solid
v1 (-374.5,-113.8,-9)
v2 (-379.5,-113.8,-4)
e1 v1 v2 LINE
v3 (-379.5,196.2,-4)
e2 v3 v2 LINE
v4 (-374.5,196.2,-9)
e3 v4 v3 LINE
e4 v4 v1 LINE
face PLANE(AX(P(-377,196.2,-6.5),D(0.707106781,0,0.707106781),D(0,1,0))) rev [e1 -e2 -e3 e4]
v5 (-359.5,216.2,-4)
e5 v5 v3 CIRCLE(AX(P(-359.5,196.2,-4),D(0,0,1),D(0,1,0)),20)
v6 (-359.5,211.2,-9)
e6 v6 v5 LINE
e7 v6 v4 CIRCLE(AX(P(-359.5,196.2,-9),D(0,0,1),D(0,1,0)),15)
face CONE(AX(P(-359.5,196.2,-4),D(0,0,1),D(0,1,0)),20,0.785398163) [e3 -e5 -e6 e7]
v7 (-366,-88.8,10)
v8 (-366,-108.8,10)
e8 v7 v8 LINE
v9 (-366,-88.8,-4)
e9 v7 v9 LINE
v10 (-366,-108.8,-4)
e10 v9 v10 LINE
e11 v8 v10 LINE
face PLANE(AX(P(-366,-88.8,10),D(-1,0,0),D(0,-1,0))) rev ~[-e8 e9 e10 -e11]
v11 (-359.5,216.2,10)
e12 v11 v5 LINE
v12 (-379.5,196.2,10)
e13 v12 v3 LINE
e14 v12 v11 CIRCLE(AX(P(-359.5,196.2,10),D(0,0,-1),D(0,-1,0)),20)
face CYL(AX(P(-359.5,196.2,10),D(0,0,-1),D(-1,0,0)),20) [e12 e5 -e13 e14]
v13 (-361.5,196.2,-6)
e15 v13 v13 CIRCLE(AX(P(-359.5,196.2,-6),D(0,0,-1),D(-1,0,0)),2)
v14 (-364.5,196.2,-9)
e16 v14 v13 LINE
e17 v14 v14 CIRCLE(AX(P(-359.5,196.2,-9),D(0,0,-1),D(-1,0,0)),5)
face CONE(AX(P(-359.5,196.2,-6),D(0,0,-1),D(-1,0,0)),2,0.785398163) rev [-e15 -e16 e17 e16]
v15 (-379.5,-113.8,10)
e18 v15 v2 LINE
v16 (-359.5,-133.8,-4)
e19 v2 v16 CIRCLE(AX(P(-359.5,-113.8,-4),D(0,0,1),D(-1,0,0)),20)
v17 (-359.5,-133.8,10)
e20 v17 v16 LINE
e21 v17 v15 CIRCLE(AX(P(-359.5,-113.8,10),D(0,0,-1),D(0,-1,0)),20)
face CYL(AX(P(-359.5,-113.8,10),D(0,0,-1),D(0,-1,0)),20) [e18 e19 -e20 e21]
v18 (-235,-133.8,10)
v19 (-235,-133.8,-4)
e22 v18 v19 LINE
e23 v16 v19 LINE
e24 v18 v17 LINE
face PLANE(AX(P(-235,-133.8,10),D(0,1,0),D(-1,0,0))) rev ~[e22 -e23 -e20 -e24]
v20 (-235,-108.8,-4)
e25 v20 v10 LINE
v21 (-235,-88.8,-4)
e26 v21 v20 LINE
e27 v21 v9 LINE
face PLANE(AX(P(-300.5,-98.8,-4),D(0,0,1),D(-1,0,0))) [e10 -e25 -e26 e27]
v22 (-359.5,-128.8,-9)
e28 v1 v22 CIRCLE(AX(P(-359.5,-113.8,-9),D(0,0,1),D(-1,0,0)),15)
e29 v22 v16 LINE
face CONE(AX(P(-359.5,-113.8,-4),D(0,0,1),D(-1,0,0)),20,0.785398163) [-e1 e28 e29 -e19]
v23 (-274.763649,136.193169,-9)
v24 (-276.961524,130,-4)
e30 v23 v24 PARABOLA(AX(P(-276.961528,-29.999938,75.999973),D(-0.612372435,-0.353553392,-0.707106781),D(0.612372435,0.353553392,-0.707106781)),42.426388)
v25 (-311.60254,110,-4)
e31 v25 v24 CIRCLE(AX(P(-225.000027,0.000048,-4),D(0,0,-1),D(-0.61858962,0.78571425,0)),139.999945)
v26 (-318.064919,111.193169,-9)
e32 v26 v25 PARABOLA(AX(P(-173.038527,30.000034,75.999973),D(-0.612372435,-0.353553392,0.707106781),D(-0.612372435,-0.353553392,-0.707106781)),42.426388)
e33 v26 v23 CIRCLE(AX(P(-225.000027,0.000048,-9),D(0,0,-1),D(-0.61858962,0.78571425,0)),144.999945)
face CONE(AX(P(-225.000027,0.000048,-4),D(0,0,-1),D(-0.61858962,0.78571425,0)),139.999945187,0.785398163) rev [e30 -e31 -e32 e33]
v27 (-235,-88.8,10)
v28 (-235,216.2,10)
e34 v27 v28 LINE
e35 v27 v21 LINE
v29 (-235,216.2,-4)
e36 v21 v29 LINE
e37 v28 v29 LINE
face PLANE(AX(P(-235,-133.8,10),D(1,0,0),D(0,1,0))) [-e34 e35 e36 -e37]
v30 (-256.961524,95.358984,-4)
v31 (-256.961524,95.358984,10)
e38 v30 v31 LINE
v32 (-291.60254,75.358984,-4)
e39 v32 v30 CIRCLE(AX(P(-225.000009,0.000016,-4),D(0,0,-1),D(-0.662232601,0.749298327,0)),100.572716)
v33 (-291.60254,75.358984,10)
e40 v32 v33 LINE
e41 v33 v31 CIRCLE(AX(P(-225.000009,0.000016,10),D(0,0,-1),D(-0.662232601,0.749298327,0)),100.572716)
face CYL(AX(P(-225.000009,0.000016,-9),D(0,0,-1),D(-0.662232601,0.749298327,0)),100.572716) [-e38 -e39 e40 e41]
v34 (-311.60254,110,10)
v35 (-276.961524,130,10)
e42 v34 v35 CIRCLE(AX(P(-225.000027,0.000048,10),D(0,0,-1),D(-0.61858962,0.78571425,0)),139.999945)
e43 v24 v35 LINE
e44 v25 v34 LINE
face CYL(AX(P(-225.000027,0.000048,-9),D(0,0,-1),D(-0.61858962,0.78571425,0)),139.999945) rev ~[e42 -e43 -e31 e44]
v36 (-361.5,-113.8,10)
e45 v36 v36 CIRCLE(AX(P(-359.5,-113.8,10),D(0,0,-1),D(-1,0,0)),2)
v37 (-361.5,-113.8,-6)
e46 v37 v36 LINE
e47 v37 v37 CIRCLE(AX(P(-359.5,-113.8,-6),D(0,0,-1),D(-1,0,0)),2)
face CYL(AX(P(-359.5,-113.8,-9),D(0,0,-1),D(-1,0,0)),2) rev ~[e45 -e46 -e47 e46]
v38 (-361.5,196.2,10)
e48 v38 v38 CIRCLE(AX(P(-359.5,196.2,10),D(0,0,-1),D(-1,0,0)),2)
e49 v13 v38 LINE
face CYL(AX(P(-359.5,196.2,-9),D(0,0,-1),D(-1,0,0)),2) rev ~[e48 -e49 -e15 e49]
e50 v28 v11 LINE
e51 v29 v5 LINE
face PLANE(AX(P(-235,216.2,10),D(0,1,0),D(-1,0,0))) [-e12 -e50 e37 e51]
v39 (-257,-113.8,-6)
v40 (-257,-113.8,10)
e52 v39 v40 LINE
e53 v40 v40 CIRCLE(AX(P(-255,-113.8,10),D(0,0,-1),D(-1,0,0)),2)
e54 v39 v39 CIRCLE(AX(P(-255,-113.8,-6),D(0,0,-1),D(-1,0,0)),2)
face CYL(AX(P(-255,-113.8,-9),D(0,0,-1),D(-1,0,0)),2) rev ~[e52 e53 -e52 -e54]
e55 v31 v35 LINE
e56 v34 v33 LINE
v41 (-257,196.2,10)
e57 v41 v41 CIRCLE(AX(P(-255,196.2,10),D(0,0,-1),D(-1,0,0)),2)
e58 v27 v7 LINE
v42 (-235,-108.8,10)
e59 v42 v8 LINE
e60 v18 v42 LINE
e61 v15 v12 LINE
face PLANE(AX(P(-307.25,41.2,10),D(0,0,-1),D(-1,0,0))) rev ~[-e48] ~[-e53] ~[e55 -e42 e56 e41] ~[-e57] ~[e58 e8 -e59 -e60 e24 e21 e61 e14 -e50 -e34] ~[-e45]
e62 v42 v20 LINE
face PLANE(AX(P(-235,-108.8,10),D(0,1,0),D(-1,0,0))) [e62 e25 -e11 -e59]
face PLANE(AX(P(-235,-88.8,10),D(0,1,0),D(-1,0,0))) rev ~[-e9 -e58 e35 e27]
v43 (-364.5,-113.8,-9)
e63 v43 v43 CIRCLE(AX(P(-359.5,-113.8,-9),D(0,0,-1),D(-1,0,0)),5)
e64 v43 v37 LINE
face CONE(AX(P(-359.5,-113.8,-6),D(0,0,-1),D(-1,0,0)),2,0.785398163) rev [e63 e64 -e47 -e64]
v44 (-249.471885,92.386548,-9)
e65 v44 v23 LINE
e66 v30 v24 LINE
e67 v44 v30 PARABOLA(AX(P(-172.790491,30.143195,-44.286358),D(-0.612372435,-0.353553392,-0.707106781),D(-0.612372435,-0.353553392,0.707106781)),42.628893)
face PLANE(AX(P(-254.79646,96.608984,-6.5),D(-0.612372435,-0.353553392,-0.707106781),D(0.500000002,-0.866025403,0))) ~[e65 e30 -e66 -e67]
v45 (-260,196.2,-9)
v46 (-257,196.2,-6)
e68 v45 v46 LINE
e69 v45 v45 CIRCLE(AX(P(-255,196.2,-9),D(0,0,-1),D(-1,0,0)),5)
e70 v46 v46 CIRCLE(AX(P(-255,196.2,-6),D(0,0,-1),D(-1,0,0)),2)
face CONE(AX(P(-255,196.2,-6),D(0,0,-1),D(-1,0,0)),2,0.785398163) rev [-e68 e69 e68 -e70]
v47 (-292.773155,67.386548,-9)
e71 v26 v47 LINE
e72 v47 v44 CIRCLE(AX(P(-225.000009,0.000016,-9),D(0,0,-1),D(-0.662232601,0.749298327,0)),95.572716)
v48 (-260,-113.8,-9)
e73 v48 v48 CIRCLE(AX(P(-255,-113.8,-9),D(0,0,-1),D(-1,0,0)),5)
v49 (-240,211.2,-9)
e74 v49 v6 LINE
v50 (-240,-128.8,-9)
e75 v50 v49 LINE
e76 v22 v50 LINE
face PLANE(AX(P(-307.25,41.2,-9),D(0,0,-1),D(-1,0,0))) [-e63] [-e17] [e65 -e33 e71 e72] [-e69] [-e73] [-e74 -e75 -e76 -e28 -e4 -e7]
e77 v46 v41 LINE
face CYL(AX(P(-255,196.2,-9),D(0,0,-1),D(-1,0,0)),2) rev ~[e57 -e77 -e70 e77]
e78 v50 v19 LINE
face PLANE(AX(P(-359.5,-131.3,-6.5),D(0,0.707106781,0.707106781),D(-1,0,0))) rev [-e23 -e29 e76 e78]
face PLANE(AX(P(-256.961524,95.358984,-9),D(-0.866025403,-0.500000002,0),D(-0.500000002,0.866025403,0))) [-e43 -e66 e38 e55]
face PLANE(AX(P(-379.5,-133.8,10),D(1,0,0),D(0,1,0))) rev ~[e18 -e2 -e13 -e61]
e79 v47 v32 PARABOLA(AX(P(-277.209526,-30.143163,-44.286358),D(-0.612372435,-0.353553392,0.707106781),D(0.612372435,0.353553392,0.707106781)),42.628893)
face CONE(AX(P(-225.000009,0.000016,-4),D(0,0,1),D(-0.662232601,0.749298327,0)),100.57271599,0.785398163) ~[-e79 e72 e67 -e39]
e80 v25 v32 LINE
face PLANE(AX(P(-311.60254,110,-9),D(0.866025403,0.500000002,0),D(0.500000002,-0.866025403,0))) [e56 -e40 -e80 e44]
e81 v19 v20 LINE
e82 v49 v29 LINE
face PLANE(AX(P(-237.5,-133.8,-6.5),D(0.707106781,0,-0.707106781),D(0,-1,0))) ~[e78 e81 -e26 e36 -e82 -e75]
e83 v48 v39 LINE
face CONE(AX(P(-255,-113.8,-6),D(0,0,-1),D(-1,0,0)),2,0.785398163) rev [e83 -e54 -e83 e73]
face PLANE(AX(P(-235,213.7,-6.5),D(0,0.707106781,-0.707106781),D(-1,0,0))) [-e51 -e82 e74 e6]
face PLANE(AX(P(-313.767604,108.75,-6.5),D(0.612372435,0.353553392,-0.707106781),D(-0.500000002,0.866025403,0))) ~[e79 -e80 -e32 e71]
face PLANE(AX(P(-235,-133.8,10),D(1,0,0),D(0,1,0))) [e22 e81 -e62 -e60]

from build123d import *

# Parameters (mm, degrees)
SKETCH024_W             = 144.5
SKETCH024_H             = 350
PAD017_DEPTH            = 19
FILLET007_R             = 20
SKETCH025_R             = 2
POCKET015_DEPTH         = 19.001
CHAMFER005_SIZE         = 5
POCKET020_DEPTH         = 19.001
CHAMFER006_SIZE         = 5
CHAMFER007_SIZE         = 3
SKETCH045_W             = 131
SKETCH045_H             = 20
POCKET029_DEPTH         = 14
BODY013_PLACEMENT_ANGLE = 180


with BuildPart() as part:
    # Sketch024 → Pad017 (new body)
    with BuildSketch(Plane.XY):
        with Locations((307.25, 41.2)):
            Rectangle(SKETCH024_W, SKETCH024_H)
    extrude(amount=PAD017_DEPTH)

    # Fillet007
    fillet007_edges = [part.edges().sort_by_distance(p)[0] for p in [
        (379.5, 216.2, 9.5),
        (379.5, -133.8, 9.5),
    ]]
    fillet(fillet007_edges, radius=FILLET007_R)

    # Sketch025 (on Face5 of Fillet007) → Pocket015 (cut, through all)
    with BuildSketch(Plane.XY.offset(19)):
        with Locations((359.5, 196.2)):
            Circle(SKETCH025_R)
        with Locations((359.5, -113.8)):
            Circle(SKETCH025_R)
        with Locations((255, -113.8)):
            Circle(SKETCH025_R)
        with Locations((255, 196.2)):
            Circle(SKETCH025_R)
    extrude(amount=-POCKET015_DEPTH, mode=Mode.SUBTRACT)

    # Chamfer005
    chamfer005_edges = [part.edges().sort_by_distance(p)[0] for p in [
        (297.25, 216.2, 19),
        (235, 41.2, 19),
    ]]
    chamfer(chamfer005_edges, length=CHAMFER005_SIZE)

    # Sketch030 (on Face9 of Chamfer005) → Pocket020 (cut, through all)
    with BuildSketch(Plane.XY.offset(19)):
        with BuildLine():
            Line((256.961524, 95.358984), (276.961524, 130))
            ThreePointArc((311.60254, 110), (295, 121.243557), (276.961524, 130))
            Line((311.60254, 110), (291.60254, 75.358984))
            ThreePointArc((291.60254, 75.358984), (275.286367, 87.098543), (256.961524, 95.358984))
        make_face()
    extrude(amount=-POCKET020_DEPTH, mode=Mode.SUBTRACT)

    # Chamfer006
    chamfer006_edges = [part.edges().sort_by_distance(p)[0] for p in [
        (295, 121.243557, 19),
        (266.961524, 112.679492, 19),
        (275.286367, 87.098543, 19),
        (301.60254, 92.679492, 19),
    ]]
    chamfer(chamfer006_edges, length=CHAMFER006_SIZE)

    # Chamfer007
    chamfer007_edges = [part.edges().sort_by_distance(p)[0] for p in [
        (253, 196.2, 19),
        (357.5, 196.2, 19),
        (357.5, -113.8, 19),
        (253, -113.8, 19),
    ]]
    chamfer(chamfer007_edges, length=CHAMFER007_SIZE)

    # Sketch045 (on Face30 of Chamfer007) → Pocket029 (cut)
    with BuildSketch(Plane(origin=(0, 0, 0), x_dir=(1, 0, 0), z_dir=(0, 0, -1))):
        with Locations((300.5, 98.8)):
            Rectangle(SKETCH045_W, SKETCH045_H)
    extrude(amount=-POCKET029_DEPTH, mode=Mode.SUBTRACT)


with BuildPart() as part_1:
    # Body013 placement: moved
    add(part.part.moved(Location((0, 0, 10))).rotate(Axis((0, 0, 10), (0, 1, 0)), BODY013_PLACEMENT_ANGLE))


solid = part_1.part
